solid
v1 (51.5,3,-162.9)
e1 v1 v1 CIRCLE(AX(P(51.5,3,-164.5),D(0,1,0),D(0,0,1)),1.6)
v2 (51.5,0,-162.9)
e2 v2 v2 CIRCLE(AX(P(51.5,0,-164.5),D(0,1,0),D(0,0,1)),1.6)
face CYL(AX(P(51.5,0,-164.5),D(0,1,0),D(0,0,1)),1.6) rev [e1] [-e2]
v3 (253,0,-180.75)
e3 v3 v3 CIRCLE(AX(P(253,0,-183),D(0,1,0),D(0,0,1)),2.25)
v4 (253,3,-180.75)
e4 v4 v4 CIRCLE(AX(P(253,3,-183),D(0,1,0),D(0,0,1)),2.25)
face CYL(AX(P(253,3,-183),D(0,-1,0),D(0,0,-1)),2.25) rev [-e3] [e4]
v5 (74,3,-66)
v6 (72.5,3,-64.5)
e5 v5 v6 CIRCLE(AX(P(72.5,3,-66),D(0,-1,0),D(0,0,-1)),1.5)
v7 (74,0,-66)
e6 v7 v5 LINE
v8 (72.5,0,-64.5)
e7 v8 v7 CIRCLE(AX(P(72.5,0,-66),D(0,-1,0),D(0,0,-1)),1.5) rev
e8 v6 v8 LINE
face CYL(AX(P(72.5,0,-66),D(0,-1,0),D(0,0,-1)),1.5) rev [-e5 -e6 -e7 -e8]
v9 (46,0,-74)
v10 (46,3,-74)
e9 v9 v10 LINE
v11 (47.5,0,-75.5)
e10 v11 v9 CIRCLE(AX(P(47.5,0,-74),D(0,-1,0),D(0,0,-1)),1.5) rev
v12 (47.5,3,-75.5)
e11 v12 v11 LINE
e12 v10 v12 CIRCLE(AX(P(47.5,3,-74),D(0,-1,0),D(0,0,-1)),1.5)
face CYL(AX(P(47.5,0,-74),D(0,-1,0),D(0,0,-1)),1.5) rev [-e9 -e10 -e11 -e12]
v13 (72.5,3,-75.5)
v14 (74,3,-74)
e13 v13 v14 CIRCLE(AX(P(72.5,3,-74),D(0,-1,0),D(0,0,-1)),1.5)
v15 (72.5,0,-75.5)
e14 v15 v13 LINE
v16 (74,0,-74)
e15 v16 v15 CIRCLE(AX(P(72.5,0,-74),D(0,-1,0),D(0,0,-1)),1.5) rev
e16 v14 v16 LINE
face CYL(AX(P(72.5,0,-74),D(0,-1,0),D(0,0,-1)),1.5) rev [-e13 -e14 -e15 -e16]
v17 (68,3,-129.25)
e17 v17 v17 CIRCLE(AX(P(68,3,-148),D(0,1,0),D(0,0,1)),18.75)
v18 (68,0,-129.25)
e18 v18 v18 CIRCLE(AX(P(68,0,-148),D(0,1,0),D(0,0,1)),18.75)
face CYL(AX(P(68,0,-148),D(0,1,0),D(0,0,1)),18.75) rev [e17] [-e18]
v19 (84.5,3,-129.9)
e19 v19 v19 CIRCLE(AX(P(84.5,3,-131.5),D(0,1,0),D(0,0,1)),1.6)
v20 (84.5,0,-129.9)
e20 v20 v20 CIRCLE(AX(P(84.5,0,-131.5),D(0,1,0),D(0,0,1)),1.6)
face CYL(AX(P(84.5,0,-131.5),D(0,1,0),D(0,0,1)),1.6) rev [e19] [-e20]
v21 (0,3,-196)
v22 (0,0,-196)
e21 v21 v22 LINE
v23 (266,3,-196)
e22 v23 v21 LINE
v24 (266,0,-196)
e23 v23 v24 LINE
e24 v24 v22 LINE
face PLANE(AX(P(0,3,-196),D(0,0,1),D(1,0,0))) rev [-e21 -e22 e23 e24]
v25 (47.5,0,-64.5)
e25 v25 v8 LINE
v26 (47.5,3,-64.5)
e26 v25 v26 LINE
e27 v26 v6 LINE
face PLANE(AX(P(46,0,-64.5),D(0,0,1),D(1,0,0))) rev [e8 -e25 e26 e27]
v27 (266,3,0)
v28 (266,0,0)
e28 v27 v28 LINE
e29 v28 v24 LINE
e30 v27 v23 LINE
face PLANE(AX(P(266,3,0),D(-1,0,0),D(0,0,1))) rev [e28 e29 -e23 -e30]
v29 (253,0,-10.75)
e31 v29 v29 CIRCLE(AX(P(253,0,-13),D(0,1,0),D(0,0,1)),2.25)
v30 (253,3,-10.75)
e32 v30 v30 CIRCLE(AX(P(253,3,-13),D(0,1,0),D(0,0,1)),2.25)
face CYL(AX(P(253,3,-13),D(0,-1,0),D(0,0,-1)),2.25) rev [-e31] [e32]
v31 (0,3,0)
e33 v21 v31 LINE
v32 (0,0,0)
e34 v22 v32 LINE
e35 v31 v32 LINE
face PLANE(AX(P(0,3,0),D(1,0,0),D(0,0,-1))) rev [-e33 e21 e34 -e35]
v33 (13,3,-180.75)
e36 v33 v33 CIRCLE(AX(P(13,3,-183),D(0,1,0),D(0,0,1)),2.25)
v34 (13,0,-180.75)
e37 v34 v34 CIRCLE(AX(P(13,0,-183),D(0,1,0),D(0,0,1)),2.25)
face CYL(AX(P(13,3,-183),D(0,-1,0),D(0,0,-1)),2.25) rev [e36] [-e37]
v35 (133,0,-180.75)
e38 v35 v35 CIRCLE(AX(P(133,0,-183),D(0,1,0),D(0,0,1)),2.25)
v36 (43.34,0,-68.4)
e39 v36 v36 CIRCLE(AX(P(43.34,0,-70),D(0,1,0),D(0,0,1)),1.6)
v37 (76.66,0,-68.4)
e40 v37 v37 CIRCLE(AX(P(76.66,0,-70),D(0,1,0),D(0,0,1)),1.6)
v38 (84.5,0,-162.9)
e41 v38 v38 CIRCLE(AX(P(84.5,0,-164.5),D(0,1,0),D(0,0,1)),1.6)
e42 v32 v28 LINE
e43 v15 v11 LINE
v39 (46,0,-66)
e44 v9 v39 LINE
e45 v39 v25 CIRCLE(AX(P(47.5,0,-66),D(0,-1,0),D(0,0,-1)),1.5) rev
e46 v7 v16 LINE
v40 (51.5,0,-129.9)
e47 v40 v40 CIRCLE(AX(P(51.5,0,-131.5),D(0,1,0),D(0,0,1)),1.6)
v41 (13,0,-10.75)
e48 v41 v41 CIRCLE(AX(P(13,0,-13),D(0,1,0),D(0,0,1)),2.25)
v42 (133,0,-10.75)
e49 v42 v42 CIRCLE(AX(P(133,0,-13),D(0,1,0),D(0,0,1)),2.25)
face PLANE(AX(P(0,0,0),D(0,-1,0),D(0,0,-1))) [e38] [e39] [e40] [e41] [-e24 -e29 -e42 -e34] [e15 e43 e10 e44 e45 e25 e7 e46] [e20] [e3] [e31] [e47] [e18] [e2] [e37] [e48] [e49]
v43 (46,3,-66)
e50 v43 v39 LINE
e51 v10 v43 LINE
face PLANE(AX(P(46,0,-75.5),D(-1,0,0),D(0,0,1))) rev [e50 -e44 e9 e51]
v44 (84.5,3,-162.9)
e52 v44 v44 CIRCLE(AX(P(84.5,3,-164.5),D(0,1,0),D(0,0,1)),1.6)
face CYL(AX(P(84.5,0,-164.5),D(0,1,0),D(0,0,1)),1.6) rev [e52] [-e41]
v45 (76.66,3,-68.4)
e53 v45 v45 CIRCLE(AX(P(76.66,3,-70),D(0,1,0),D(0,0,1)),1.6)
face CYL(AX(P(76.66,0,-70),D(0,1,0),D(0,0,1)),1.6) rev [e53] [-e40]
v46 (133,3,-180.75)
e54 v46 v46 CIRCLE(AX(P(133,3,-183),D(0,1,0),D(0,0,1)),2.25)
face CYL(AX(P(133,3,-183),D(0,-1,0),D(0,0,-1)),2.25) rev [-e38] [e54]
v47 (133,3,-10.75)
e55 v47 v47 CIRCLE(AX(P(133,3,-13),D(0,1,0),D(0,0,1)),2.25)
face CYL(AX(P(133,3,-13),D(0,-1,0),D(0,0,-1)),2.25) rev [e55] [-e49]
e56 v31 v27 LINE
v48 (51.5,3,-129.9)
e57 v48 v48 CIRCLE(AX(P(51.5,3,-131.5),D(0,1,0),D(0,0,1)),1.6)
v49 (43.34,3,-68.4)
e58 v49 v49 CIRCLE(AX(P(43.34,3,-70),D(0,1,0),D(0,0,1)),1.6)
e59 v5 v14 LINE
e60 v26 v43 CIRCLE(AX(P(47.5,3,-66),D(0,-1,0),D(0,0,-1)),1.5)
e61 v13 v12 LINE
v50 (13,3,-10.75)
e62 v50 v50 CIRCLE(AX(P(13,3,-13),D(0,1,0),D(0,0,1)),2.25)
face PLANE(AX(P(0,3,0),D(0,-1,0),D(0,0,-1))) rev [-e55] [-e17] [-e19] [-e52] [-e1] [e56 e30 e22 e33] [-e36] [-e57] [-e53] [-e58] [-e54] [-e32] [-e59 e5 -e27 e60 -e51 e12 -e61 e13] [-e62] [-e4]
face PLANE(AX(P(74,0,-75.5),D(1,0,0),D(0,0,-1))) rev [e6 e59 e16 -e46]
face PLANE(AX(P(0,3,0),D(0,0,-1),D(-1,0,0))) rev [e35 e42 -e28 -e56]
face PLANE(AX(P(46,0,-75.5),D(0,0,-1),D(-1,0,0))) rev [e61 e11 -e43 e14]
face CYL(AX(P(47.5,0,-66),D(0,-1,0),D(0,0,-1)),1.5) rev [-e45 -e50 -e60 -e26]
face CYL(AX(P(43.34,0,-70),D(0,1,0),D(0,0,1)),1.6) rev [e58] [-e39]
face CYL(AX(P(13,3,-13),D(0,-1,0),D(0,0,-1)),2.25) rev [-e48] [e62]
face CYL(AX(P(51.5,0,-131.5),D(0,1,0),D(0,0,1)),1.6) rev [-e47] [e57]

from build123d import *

# Parameters (mm, degrees)
SKETCH_1_W          = 266
SKETCH_1_H          = 196
SKETCH_1_R          = 2.25
EXTRUDE_1_DEPTH     = 3
SKETCH_3_R          = 18.75
SKETCH_3_R_2        = 1.6
CUT_EXTRUDE_1_DEPTH = 4
SKETCH1_R           = 1.6
SKETCH1_W           = 28
SKETCH1_H           = 11
CUT_EXTRUDE1_DEPTH  = 4
FILLET1_R           = 1.5


with BuildPart() as part:
    # Эскиз1 → Бобышка-Вытянуть1 (new body)
    with BuildSketch(Plane(origin=(0, 0, 0), x_dir=(1, 0, 0), z_dir=(0, 1, 0))):
        with Locations((133, 98)):
            Rectangle(SKETCH_1_W, SKETCH_1_H)
        with Locations((13, 183)):
            Circle(SKETCH_1_R, mode=Mode.SUBTRACT)
        with Locations((253, 183)):
            Circle(SKETCH_1_R, mode=Mode.SUBTRACT)
        with Locations((253, 13)):
            Circle(SKETCH_1_R, mode=Mode.SUBTRACT)
        with Locations((13, 13)):
            Circle(SKETCH_1_R, mode=Mode.SUBTRACT)
        with Locations((133, 13)):
            Circle(SKETCH_1_R, mode=Mode.SUBTRACT)
        with Locations((133, 183)):
            Circle(SKETCH_1_R, mode=Mode.SUBTRACT)
    extrude(amount=EXTRUDE_1_DEPTH)

    # Эскиз3 → Вырез-Вытянуть1 (cut, through all)
    with BuildSketch(Plane(origin=(0, 3, 0), x_dir=(1, 0, 0), z_dir=(0, 1, 0))):
        with Locations((68, 148)):
            Circle(SKETCH_3_R)
        with Locations((84.5, 164.5)):
            Circle(SKETCH_3_R_2)
        with Locations((84.5, 131.5)):
            Circle(SKETCH_3_R_2)
        with Locations((51.5, 131.5)):
            Circle(SKETCH_3_R_2)
        with Locations((51.5, 164.5)):
            Circle(SKETCH_3_R_2)
    extrude(amount=-CUT_EXTRUDE_1_DEPTH, mode=Mode.SUBTRACT)

    # Sketch1 → Cut-Extrude1 (cut, through all)
    with BuildSketch(Plane(origin=(0, 3, 0), x_dir=(1, 0, 0), z_dir=(0, 1, 0))):
        with Locations((43.34, 70)):
            Circle(SKETCH1_R)
        with Locations((76.66, 70)):
            Circle(SKETCH1_R)
        with Locations((60, 70)):
            Rectangle(SKETCH1_W, SKETCH1_H)
    extrude(amount=-CUT_EXTRUDE1_DEPTH, mode=Mode.SUBTRACT)

    # Fillet1
    fillet1_edges = [part.edges().sort_by_distance(p)[0] for p in [
        (46, 1.5, -75.5),
        (74, 1.5, -75.5),
        (74, 1.5, -64.5),
        (46, 1.5, -64.5),
    ]]
    fillet(fillet1_edges, radius=FILLET1_R)


solid = part.part
